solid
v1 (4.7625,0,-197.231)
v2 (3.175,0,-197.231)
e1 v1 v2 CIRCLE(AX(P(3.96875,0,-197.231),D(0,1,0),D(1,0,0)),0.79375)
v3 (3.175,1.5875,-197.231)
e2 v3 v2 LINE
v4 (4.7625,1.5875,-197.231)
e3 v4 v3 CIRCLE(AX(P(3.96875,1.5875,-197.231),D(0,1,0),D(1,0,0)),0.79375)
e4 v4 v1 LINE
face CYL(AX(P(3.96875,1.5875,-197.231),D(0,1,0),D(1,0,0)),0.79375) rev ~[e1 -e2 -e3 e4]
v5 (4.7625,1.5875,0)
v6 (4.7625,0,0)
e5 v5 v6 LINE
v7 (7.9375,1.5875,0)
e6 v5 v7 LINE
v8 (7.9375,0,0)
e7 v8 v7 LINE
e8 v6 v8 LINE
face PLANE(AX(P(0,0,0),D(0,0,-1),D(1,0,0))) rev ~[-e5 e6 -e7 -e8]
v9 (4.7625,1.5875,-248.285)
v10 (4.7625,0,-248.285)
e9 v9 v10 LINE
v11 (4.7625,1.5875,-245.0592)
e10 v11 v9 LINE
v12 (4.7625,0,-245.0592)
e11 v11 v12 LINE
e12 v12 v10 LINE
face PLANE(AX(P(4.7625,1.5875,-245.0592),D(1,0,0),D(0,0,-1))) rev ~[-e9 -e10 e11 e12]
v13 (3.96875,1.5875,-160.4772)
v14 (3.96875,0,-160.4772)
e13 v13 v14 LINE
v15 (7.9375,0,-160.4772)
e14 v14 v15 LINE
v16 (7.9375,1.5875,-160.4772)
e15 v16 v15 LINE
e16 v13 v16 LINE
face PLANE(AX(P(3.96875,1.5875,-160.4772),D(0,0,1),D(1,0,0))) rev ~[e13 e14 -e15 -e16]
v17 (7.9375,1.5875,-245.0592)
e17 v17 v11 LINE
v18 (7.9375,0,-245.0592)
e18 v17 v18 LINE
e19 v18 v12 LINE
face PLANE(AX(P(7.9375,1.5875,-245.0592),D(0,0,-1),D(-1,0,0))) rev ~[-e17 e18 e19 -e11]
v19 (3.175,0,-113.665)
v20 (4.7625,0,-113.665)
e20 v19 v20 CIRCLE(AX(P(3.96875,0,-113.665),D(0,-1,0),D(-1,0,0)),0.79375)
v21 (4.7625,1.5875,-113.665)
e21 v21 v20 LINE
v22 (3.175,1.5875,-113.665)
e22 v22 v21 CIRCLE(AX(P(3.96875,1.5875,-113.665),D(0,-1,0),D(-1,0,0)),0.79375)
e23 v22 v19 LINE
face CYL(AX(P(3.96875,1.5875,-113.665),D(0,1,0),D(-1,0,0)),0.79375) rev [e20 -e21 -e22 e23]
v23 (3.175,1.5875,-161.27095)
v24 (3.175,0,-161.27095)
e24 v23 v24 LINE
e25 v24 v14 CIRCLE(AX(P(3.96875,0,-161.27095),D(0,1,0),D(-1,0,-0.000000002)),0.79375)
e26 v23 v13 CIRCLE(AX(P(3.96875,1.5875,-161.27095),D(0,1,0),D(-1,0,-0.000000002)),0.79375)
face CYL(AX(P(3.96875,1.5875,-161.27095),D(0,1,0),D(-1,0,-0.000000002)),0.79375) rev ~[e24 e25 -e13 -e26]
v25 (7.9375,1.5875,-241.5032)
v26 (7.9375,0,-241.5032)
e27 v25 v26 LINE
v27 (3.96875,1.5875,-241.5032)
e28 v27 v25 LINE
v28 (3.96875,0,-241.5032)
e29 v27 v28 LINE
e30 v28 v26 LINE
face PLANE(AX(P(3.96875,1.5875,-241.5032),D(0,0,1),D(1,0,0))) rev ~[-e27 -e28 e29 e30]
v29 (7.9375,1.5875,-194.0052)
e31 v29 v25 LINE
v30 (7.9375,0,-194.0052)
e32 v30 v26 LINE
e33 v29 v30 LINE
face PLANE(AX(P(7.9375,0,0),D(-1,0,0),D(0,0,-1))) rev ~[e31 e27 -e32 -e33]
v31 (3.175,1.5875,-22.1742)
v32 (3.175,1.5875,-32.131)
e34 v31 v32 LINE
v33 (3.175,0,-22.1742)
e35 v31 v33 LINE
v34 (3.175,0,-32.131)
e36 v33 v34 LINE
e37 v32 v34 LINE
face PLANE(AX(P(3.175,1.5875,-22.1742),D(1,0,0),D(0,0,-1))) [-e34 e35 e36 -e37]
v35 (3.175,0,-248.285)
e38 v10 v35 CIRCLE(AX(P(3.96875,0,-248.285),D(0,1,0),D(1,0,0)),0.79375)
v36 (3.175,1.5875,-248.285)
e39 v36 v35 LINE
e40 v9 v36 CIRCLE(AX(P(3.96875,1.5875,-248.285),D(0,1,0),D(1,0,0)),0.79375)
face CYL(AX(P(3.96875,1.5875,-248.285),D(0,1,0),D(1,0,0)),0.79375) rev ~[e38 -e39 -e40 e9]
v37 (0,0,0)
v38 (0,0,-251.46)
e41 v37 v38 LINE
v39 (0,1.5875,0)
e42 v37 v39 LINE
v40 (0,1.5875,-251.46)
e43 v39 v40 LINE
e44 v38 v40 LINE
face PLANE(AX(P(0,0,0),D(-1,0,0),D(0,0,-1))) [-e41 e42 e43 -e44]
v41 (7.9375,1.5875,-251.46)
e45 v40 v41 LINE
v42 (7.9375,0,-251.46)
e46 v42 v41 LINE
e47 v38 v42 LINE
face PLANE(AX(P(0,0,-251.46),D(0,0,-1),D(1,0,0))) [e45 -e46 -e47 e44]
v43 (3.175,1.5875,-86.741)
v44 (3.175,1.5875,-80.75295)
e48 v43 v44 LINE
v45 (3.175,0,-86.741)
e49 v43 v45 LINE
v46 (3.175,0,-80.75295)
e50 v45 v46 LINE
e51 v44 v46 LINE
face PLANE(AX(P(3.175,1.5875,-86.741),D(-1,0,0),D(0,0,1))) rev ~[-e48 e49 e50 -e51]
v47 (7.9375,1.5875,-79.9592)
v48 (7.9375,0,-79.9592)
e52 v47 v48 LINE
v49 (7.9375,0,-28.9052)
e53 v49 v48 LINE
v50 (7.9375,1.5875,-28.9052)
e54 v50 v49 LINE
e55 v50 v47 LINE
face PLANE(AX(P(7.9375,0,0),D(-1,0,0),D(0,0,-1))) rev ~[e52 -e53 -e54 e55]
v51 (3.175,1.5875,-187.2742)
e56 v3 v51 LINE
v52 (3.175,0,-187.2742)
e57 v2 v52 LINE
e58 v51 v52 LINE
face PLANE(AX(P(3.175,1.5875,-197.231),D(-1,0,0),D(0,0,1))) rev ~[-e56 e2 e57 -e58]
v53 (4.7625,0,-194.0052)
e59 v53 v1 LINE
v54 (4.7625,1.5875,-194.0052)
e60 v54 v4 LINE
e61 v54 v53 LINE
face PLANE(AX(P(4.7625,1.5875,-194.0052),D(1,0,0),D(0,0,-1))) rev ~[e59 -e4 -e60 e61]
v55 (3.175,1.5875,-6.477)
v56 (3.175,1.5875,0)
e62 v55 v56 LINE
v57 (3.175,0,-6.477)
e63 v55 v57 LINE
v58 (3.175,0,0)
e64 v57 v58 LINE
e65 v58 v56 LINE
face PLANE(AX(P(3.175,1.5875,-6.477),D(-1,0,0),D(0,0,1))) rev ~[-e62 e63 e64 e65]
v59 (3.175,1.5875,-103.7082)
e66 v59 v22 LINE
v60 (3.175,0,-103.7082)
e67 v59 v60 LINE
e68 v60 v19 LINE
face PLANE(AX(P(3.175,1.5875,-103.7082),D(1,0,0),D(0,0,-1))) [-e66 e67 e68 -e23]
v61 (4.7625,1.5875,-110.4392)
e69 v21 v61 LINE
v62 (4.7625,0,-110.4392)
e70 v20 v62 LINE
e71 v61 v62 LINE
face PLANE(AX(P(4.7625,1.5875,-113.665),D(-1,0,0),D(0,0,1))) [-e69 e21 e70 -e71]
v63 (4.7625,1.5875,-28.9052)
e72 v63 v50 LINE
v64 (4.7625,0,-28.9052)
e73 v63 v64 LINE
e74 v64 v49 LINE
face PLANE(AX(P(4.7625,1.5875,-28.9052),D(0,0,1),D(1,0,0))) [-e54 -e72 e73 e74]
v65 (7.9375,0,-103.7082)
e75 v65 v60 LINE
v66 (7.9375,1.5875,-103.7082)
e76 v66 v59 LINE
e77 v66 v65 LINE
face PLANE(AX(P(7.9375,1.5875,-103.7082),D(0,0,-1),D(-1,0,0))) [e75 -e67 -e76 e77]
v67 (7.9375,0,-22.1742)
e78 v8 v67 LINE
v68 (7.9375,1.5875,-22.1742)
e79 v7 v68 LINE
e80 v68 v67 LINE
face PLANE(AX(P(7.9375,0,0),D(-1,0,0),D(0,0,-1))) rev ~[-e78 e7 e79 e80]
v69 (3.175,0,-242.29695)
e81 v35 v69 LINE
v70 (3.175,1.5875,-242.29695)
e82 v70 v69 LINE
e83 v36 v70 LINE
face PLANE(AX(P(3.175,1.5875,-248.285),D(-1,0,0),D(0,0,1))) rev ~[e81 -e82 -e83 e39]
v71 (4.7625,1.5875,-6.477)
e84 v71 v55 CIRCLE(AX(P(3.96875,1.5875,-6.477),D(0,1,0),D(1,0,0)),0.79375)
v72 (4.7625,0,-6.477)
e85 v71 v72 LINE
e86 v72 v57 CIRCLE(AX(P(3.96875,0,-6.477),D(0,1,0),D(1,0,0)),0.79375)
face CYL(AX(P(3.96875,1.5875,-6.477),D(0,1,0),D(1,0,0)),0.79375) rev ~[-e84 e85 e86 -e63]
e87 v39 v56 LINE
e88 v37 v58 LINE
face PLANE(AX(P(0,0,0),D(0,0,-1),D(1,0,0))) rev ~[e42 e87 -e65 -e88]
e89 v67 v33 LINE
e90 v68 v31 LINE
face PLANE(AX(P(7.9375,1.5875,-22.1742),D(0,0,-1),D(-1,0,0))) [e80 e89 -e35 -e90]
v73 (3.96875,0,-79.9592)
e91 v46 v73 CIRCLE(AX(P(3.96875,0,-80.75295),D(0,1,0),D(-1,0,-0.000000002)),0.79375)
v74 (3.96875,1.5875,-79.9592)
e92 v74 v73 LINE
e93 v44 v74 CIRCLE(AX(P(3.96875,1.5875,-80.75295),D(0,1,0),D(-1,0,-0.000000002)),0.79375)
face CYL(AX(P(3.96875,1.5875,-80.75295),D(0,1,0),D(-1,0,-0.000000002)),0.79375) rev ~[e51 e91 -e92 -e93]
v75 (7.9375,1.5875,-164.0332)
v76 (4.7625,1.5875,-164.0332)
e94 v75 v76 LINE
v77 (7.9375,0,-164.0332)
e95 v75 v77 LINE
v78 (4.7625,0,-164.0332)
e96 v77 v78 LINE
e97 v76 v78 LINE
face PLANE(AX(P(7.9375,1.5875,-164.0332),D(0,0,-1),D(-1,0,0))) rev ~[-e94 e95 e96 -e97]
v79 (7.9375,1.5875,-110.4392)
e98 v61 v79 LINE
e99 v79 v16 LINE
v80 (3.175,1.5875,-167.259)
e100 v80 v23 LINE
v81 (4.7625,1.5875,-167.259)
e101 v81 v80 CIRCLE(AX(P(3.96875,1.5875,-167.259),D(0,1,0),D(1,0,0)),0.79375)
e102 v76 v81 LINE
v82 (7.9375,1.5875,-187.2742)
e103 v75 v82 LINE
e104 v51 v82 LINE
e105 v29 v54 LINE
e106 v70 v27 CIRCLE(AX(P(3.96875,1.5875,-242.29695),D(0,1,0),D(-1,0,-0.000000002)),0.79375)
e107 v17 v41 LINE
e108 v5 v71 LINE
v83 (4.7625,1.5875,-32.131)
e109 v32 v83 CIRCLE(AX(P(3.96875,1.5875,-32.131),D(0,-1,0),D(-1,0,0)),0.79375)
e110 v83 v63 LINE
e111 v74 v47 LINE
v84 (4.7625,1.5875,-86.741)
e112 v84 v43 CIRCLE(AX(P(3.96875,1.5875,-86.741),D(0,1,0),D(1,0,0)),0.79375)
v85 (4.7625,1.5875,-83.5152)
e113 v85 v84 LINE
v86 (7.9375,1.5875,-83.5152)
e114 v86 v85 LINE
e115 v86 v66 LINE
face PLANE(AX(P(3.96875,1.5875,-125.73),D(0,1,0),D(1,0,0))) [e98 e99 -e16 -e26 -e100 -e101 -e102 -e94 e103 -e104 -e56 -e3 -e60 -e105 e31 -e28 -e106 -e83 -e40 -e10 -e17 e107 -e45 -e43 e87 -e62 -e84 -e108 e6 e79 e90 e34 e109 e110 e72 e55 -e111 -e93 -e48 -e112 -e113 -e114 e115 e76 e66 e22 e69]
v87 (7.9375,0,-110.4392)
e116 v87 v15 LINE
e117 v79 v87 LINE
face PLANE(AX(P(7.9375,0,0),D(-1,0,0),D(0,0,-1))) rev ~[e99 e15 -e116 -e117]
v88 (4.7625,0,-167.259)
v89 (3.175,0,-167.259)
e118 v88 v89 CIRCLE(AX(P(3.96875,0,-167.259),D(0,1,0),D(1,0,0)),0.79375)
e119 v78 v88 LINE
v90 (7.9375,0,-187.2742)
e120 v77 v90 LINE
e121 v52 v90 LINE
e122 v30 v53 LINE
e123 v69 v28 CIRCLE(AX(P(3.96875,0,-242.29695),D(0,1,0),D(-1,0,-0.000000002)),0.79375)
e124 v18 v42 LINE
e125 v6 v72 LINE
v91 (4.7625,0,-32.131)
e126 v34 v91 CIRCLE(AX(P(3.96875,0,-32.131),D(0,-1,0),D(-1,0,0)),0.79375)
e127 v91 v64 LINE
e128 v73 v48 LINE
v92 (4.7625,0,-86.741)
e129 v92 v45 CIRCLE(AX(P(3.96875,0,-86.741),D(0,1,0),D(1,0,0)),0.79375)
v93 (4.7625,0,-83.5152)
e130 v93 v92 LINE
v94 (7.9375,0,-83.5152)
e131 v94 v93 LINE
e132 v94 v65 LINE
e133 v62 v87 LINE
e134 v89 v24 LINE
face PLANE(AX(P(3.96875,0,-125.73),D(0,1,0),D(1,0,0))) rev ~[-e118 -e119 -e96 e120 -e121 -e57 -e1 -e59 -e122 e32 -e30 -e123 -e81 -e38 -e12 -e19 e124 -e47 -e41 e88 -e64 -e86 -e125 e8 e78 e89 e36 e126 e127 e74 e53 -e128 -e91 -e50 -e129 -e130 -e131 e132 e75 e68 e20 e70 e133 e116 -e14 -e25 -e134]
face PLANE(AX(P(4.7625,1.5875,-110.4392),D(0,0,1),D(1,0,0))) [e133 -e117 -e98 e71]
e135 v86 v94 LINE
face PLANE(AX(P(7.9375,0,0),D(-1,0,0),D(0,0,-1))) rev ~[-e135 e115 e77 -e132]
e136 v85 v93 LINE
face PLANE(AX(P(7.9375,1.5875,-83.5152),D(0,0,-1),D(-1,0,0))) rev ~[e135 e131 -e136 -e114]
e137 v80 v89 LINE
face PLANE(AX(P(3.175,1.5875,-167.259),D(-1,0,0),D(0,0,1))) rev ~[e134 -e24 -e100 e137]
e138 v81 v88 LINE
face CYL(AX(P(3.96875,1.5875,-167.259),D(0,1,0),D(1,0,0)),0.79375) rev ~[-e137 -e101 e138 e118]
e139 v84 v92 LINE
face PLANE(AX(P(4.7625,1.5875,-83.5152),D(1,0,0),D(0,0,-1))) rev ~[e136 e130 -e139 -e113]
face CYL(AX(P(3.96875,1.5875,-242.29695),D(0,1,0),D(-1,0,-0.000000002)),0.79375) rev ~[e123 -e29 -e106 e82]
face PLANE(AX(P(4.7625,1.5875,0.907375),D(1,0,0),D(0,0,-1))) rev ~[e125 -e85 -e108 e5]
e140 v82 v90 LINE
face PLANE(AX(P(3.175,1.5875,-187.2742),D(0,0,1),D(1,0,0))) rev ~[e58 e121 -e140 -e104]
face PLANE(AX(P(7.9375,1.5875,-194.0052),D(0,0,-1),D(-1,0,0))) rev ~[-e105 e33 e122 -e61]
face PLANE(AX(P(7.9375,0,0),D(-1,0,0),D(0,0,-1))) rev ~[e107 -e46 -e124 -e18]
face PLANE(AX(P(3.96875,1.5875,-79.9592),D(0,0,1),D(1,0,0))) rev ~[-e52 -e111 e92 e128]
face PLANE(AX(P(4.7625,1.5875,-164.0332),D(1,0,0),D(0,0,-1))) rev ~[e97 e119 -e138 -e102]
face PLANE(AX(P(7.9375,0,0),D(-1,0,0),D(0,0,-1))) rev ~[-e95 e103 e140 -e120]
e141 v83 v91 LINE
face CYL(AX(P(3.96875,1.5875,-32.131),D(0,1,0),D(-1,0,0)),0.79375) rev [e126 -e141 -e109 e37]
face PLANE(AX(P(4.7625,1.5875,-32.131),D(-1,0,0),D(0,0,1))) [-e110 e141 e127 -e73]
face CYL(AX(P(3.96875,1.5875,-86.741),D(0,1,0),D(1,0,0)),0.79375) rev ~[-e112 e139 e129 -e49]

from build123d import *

# Parameters (mm, degrees)
SKETCH1_W           = 7.9375
SKETCH1_H           = 251.46
BOSS_EXTRUDE1_DEPTH = 1.5875
CUT_EXTRUDE1_DEPTH  = 1.5875


with BuildPart() as part:
    # Sketch1 → Boss-Extrude1 (new body)
    with BuildSketch(Plane(origin=(0, 0, 0), x_dir=(1, 0, 0), z_dir=(0, 1, 0))):
        with Locations((3.96875, 125.73)):
            Rectangle(SKETCH1_W, SKETCH1_H)
    extrude(amount=BOSS_EXTRUDE1_DEPTH)

    # Sketch2 → Cut-Extrude1 (cut)
    with BuildSketch(Plane(origin=(0, 1.5875, 0), x_dir=(1, 0, 0), z_dir=(0, 1, 0))):
        with BuildLine():
            Line((7.9375, 245.0592), (4.7625, 245.0592))
            Line((4.7625, 245.0592), (4.7625, 248.285))
            ThreePointArc((4.7625, 248.285), (3.96875, 249.07875), (3.175, 248.285))
            Line((3.175, 248.285), (3.175, 242.29695))
            ThreePointArc((3.175, 242.29695), (3.407483992, 241.735683992), (3.96875, 241.5032))
            Line((3.96875, 241.5032), (7.9375, 241.5032))
            Line((7.9375, 241.5032), (7.9375, 245.0592))
        make_face()
        with BuildLine():
            Line((7.9375, 194.0052), (4.7625, 194.0052))
            Line((4.7625, 194.0052), (4.7625, 197.231))
            ThreePointArc((4.7625, 197.231), (3.96875, 198.02475), (3.175, 197.231))
            Line((3.175, 197.231), (3.175, 191.24295))
            Line((3.175, 191.24295), (3.175, 187.2742))
            Line((3.175, 187.2742), (7.9375, 187.2742))
            Line((7.9375, 187.2742), (7.9375, 190.4492))
            Line((7.9375, 190.4492), (7.9375, 194.0052))
        make_face()
        with BuildLine():
            Line((7.9375, 103.7082), (3.175, 103.7082))
            Line((3.175, 103.7082), (3.175, 107.67695))
            Line((3.175, 107.67695), (3.175, 113.665))
            ThreePointArc((3.175, 113.665), (3.96875, 114.45875), (4.7625, 113.665))
            Line((4.7625, 113.665), (4.7625, 110.4392))
            Line((4.7625, 110.4392), (7.9375, 110.4392))
            Line((7.9375, 110.4392), (7.9375, 106.8832))
            Line((7.9375, 106.8832), (7.9375, 103.7082))
        make_face()
        with BuildLine():
            Line((7.9375, 160.4772), (7.9375, 164.0332))
            Line((7.9375, 164.0332), (4.7625, 164.0332))
            Line((4.7625, 164.0332), (4.7625, 167.259))
            ThreePointArc((4.7625, 167.259), (3.96875, 168.05275), (3.175, 167.259))
            Line((3.175, 167.259), (3.175, 161.27095))
            ThreePointArc((3.175, 161.27095), (3.407483992, 160.709683992), (3.96875, 160.4772))
            Line((3.96875, 160.4772), (7.9375, 160.4772))
        make_face()
        with BuildLine():
            Line((7.9375, 22.1742), (3.175, 22.1742))
            Line((3.175, 22.1742), (3.175, 26.14295))
            Line((3.175, 26.14295), (3.175, 32.131))
            ThreePointArc((3.175, 32.131), (3.96875, 32.92475), (4.7625, 32.131))
            Line((4.7625, 32.131), (4.7625, 28.9052))
            Line((4.7625, 28.9052), (7.9375, 28.9052))
            Line((7.9375, 28.9052), (7.9375, 25.3492))
            Line((7.9375, 25.3492), (7.9375, 22.1742))
        make_face()
        with BuildLine():
            Line((7.9375, 83.5152), (4.7625, 83.5152))
            Line((4.7625, 83.5152), (4.7625, 86.741))
            ThreePointArc((4.7625, 86.741), (3.96875, 87.53475), (3.175, 86.741))
            Line((3.175, 86.741), (3.175, 80.75295))
            ThreePointArc((3.175, 80.75295), (3.407483992, 80.191683992), (3.96875, 79.9592))
            Line((3.96875, 79.9592), (7.9375, 79.9592))
            Line((7.9375, 79.9592), (7.9375, 83.5152))
        make_face()
        with BuildLine():
            Line((3.175, 6.477), (3.175, -0.907374529))
            Line((3.175, -0.907374529), (4.7625, -0.907374529))
            Line((4.7625, -0.907374529), (4.7625, 6.477))
            ThreePointArc((4.7625, 6.477), (3.96875, 7.27075), (3.175, 6.477))
        make_face()
    extrude(amount=-CUT_EXTRUDE1_DEPTH, mode=Mode.SUBTRACT)


solid = part.part
